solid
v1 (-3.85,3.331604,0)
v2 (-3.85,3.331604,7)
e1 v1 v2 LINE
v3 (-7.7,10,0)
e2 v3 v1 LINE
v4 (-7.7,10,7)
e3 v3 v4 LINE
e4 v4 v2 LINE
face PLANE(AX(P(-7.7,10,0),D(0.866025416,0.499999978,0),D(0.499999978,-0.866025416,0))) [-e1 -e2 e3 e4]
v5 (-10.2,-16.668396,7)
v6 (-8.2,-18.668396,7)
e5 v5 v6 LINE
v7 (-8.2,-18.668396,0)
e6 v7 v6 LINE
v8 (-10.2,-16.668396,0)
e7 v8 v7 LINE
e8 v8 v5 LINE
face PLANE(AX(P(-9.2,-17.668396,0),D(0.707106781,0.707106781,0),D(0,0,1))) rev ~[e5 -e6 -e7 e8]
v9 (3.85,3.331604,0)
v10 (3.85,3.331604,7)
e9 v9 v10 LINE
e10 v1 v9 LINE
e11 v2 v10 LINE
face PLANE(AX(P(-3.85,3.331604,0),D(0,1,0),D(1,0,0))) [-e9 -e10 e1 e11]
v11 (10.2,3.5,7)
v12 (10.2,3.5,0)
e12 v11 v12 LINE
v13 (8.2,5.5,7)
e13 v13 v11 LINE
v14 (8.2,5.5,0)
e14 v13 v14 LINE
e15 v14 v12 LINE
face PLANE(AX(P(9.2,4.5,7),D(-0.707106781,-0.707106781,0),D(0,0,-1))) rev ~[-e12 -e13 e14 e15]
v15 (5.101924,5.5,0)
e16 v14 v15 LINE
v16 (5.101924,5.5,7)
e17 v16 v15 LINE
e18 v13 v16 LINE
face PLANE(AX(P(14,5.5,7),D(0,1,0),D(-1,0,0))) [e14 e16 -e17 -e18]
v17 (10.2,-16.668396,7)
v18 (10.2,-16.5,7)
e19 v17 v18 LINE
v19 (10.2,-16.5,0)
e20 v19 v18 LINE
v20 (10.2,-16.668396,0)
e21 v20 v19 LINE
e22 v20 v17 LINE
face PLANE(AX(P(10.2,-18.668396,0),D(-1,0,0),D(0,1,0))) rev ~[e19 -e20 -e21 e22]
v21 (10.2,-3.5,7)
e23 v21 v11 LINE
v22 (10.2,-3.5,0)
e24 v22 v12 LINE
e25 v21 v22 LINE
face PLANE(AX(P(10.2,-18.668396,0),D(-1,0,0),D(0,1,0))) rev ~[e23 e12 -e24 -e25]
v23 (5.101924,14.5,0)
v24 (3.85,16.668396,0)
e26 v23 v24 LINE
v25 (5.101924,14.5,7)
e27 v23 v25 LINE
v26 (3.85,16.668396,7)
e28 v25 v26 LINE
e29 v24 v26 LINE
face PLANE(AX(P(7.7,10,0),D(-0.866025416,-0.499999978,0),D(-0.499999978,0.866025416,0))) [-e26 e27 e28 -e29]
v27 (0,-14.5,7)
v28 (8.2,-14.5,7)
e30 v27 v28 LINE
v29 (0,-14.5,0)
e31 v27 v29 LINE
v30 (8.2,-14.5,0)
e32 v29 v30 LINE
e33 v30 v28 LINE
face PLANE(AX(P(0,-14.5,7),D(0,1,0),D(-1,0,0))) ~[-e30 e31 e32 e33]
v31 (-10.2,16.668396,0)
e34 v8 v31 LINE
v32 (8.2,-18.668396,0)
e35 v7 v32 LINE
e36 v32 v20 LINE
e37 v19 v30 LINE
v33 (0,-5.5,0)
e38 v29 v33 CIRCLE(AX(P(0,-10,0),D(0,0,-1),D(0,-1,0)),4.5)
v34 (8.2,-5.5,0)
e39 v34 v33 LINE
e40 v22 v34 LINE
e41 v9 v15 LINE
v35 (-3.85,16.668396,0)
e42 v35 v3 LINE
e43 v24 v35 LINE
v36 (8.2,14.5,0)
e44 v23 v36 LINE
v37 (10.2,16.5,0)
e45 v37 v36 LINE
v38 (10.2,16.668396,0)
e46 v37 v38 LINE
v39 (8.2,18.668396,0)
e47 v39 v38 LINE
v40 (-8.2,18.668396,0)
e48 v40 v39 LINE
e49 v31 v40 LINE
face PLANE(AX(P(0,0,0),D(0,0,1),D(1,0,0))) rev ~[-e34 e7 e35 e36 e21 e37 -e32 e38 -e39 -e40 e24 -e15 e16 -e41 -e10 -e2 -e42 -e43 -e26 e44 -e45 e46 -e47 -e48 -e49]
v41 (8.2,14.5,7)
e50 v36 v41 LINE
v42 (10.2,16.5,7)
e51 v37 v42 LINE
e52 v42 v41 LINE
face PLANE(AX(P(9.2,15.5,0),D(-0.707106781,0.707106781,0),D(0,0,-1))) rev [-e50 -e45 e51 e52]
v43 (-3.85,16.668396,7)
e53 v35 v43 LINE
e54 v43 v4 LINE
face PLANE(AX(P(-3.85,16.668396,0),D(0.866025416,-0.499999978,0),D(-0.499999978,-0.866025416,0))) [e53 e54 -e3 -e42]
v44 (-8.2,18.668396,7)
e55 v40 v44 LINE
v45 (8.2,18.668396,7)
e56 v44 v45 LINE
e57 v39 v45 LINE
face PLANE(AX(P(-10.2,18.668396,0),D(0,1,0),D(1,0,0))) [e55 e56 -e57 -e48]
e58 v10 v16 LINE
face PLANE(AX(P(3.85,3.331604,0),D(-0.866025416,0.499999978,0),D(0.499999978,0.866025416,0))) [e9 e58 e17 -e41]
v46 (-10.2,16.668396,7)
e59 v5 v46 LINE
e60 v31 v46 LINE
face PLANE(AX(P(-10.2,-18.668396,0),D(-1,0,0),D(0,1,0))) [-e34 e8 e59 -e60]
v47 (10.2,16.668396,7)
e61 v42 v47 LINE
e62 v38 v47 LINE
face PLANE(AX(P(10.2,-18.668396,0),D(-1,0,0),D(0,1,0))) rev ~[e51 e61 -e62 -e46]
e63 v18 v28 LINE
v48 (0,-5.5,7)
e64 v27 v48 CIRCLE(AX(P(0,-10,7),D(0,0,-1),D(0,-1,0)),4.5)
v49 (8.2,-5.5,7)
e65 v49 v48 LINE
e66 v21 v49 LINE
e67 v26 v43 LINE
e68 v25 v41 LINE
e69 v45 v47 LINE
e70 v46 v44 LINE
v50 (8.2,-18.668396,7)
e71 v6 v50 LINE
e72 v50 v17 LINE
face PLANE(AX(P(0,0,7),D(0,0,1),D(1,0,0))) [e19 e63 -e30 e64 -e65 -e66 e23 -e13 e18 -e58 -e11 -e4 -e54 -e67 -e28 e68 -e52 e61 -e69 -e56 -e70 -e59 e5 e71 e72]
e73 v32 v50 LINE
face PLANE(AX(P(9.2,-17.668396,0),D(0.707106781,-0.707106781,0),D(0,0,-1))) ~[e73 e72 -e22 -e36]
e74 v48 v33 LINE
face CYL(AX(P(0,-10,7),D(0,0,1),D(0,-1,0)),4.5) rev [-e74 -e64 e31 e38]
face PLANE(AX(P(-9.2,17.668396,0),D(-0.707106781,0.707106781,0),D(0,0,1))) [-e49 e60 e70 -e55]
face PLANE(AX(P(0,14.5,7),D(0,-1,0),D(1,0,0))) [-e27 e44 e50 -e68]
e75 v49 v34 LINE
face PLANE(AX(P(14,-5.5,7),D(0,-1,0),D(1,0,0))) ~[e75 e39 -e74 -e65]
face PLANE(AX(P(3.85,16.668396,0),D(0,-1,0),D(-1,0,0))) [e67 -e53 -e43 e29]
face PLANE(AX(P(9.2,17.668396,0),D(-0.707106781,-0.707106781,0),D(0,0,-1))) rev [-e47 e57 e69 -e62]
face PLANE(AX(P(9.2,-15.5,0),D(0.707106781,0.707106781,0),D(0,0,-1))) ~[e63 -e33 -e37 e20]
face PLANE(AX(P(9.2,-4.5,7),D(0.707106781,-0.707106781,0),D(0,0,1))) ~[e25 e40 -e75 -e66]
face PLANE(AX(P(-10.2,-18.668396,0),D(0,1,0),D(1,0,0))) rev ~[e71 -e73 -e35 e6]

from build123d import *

# Parameters (mm, degrees)
SKETCH_W     = 20.4
SKETCH_H     = 37.336792
PAD_DEPTH    = 7
POCKET_DEPTH = 7
CHAMFER_SIZE = 2


with BuildPart() as part:
    # Sketch → Pad (new body)
    with BuildSketch(Plane.XY):
        Rectangle(SKETCH_W, SKETCH_H)
        Polygon((3.85, 3.331604), (7.7, 10), (3.85, 16.668396), (-3.85, 16.668396), (-7.7, 10), (-3.85, 3.331604), align=None, mode=Mode.SUBTRACT)
    extrude(amount=PAD_DEPTH)

    # Sketch001 → Pocket (cut)
    with BuildSketch(Plane.XY.offset(7)):
        with BuildLine():
            Line((0, 14.5), (14, 14.5))
            Line((14, 14.5), (14, 5.5))
            Line((14, 5.5), (0, 5.5))
            ThreePointArc((0, 14.5), (-4.5, 10), (0, 5.5))
        make_face()
    pocket = extrude(amount=-POCKET_DEPTH, mode=Mode.SUBTRACT)

    # Mirrored: Pocket across Sketch001 H_Axis
    add(pocket.mirror(Plane(origin=(0, 0, 7), x_dir=(0, 0, 1), z_dir=(0, 1, 0))), mode=Mode.SUBTRACT)

    # Chamfer
    chamfer_edges = [part.edges().sort_by_distance(p)[0] for p in [
        (10.2, 18.668396, 3.5),
        (10.2, 14.5, 3.5),
        (10.2, 5.5, 3.5),
        (10.2, -5.5, 3.5),
        (10.2, -14.5, 3.5),
        (10.2, -18.668396, 3.5),
        (-10.2, -18.668396, 3.5),
        (-10.2, 18.668396, 3.5),
    ]]
    chamfer(chamfer_edges, length=CHAMFER_SIZE)


solid = part.part
